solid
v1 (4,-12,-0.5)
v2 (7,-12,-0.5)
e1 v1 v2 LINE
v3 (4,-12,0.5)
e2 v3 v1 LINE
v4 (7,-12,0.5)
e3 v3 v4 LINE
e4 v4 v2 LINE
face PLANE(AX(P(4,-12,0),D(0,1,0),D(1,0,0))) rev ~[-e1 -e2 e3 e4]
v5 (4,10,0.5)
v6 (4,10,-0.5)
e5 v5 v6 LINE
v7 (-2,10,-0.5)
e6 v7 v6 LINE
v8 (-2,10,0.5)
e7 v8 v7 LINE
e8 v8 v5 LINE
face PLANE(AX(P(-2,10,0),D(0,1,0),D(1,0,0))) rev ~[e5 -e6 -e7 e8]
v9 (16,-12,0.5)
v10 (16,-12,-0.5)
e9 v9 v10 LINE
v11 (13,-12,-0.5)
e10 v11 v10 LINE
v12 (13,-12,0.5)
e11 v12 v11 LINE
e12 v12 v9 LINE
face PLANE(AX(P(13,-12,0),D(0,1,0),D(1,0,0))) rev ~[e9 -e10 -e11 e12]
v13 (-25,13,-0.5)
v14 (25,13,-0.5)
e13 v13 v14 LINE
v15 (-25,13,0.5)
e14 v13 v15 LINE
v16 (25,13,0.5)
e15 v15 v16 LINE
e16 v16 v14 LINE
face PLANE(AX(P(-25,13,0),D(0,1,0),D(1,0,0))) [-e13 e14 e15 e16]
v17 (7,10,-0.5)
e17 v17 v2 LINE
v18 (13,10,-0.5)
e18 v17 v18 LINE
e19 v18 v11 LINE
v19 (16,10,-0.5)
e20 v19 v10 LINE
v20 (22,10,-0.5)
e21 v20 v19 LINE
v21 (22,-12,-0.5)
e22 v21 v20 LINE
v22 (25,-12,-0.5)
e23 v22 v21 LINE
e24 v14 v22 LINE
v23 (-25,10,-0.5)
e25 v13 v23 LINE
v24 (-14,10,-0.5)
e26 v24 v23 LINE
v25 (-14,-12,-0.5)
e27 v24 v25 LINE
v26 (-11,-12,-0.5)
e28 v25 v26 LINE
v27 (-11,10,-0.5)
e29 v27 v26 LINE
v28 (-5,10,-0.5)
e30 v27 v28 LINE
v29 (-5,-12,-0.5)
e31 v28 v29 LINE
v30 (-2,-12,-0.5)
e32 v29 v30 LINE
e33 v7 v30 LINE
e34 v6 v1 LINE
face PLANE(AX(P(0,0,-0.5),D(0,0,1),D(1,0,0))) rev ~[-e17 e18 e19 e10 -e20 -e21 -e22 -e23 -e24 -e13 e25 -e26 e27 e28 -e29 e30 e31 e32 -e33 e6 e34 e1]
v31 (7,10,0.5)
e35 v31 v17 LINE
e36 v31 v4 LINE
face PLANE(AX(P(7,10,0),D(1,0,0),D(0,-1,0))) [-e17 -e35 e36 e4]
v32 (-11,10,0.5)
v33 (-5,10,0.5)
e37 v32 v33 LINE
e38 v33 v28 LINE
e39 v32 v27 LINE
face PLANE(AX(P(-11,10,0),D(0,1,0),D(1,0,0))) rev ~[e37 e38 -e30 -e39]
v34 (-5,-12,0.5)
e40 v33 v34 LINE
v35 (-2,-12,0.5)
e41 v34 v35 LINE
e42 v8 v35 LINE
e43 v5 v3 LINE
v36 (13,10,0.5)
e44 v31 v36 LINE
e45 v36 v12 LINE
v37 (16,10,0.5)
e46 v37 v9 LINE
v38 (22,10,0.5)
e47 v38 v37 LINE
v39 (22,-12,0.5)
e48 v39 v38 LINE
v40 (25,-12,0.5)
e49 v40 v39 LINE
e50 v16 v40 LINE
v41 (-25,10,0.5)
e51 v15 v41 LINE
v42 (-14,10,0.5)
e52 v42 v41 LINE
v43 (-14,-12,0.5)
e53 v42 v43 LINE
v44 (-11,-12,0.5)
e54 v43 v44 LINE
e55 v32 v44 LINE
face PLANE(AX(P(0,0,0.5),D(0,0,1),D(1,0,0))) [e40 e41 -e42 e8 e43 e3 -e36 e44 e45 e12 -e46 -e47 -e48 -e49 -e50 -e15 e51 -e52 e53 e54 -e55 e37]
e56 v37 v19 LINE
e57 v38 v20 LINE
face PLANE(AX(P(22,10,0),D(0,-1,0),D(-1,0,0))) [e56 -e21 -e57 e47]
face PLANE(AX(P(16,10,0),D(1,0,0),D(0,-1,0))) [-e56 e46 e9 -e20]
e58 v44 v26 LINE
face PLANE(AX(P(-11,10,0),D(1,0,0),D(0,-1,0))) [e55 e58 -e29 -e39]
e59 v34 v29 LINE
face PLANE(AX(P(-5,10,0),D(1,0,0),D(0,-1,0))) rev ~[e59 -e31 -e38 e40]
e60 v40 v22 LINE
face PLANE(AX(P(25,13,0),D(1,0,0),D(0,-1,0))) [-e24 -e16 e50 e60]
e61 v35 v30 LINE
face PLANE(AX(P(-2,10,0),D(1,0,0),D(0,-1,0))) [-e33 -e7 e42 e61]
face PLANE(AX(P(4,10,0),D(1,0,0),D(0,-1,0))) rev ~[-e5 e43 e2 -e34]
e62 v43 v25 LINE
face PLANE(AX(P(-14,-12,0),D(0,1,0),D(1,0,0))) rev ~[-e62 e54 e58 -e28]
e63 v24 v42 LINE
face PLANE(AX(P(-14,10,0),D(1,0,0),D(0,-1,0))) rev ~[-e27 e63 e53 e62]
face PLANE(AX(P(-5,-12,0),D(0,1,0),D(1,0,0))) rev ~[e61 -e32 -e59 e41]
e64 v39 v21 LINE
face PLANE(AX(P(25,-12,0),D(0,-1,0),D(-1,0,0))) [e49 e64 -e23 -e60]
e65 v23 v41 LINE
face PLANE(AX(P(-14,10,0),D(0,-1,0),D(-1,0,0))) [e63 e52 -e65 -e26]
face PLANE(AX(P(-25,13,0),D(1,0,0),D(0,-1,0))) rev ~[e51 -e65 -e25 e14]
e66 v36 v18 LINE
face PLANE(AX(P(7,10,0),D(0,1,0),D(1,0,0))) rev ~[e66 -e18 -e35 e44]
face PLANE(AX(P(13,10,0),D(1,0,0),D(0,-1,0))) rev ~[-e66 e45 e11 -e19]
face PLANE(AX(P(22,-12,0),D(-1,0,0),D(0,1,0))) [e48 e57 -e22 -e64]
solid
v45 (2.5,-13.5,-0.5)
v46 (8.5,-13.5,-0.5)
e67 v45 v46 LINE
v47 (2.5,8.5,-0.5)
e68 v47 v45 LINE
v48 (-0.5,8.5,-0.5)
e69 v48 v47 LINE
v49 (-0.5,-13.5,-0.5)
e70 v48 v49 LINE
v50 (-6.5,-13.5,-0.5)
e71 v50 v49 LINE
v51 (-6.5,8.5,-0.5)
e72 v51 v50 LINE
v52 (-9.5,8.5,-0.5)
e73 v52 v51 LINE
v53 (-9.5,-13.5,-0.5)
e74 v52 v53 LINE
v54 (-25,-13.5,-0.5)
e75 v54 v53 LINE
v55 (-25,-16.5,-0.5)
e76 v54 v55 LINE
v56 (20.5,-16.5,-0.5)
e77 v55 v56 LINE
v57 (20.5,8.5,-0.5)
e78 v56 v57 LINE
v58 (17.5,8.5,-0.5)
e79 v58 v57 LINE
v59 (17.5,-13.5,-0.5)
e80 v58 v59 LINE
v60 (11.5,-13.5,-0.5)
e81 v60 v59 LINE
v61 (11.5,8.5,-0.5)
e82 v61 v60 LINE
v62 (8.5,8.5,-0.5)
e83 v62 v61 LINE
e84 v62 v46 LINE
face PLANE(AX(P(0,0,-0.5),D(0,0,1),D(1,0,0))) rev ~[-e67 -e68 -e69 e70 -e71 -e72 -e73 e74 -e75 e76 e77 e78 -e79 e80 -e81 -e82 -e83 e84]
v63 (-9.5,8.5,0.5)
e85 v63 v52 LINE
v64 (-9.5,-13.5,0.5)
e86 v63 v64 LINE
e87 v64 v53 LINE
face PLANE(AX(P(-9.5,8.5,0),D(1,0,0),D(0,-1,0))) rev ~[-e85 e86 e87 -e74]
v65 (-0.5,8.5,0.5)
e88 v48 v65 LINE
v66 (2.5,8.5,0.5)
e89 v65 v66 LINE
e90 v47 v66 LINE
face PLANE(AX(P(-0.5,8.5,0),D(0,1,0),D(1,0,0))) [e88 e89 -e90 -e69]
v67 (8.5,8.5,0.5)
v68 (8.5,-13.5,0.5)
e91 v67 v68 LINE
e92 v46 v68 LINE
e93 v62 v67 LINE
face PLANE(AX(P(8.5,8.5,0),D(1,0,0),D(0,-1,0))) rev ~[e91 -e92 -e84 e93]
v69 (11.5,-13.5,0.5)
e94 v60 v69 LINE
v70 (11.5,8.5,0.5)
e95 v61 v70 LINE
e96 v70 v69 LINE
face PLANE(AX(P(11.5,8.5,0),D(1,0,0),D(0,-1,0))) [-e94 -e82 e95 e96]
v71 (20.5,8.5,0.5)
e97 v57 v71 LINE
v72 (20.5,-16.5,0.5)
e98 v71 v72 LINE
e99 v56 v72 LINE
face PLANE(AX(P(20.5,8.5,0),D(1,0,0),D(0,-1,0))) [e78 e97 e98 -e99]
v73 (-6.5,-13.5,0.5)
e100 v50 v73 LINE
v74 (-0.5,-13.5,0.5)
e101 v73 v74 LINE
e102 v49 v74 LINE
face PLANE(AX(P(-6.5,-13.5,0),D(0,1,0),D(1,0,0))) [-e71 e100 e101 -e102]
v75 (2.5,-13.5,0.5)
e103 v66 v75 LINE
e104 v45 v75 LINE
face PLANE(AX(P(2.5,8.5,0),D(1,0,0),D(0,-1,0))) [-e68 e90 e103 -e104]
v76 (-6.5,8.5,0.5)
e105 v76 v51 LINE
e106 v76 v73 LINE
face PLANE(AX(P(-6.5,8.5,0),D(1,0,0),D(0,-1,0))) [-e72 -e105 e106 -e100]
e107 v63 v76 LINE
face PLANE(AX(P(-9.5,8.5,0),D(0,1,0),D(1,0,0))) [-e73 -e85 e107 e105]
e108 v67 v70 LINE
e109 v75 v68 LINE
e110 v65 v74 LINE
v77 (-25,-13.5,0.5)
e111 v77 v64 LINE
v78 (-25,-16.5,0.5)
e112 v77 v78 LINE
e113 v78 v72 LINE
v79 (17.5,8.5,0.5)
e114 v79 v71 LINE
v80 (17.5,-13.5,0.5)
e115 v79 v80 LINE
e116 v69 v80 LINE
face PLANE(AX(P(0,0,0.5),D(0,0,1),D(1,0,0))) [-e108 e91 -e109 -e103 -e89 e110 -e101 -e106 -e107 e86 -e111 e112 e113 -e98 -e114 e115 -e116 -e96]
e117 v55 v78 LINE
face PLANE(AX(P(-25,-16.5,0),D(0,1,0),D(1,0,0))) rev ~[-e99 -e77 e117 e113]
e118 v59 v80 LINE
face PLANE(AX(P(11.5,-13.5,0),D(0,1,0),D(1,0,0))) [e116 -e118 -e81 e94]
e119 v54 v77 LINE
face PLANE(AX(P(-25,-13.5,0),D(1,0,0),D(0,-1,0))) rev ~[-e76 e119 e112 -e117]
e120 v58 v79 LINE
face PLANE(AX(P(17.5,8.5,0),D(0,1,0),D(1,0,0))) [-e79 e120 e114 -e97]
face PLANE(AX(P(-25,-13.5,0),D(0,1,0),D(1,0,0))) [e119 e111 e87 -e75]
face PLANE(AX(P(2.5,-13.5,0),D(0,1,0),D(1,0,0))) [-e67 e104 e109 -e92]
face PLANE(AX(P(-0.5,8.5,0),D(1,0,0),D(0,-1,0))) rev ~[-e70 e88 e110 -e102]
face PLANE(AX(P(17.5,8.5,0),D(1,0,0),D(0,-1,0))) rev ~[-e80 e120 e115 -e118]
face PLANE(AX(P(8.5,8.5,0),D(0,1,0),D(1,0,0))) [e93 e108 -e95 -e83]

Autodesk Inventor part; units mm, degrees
ref_plane "YZ Plane" through (0, 0, 0) normal (1, 0, 0) x (0, 1, 0)
ref_plane "XZ Plane" through (0, 0, 0) normal (0, 1, 0) x (-1, 0, 0)
ref_plane "XY Plane" through (0, 0, 0) normal (0, 0, 1) x (1, 0, 0)
sketch "Esboço1" plane through (0, 0, 0) normal (0, 0, 1) x (1, 0, 0)
  line L0 (-25, 13) -> (-25, 10)
  line L1 (-25, 13) -> (25, 13)
  line L2 (25, 13) -> (25, -12)
  line L3 (25, -12) -> (22, -12)
  line L4 (22, -12) -> (22, 10)
  line L5 (22, 10) -> (16, 10)
  line L6 (-14, 10) -> (-25, 10)
  line L7 (-25, -13.5) -> (-9.5, -13.5)
  line L8 (-9.5, 8.5) -> (-9.5, -13.5)
  line L9 (-9.5, 8.5) -> (-6.5, 8.5)
  line L10 (-6.5, 8.5) -> (-6.5, -13.5)
  line L11 (-6.5, -13.5) -> (-0.5, -13.5)
  line L12 (-0.5, 8.5) -> (-0.5, -13.5)
  line L13 (-0.5, 8.5) -> (2.5, 8.5)
  line L14 (2.5, 8.5) -> (2.5, -13.5)
  line L15 (2.5, -13.5) -> (8.5, -13.5)
  line L16 (8.5, 8.5) -> (8.5, -13.5)
  line L17 (8.5, 8.5) -> (11.5, 8.5)
  line L18 (11.5, 8.5) -> (11.5, -13.5)
  line L19 (11.5, -13.5) -> (17.5, -13.5)
  line L20 (17.5, 8.5) -> (17.5, -13.5)
  line L21 (17.5, 8.5) -> (20.5, 8.5)
  line L22 (20.5, 8.5) -> (20.5, -13.5)
  line L23 (-25, -13.5) -> (-25, -16.5)
  line L24 (20.5, -13.5) -> (20.5, -16.5)
  line L25 (-25, -16.5) -> (20.5, -16.5)
  line L26 (16, 10) -> (16, -12)
  line L27 (13, -12) -> (16, -12)
  line L28 (13, 10) -> (13, -12)
  line L29 (7, 10) -> (13, 10)
  line L30 (7, 10) -> (7, -12)
  line L31 (4, -12) -> (7, -12)
  line L32 (4, 10) -> (4, -12)
  line L33 (-2, 10) -> (4, 10)
  line L34 (-2, 10) -> (-2, -12)
  line L35 (-5, -12) -> (-2, -12)
  line L36 (-5, 10) -> (-5, -12)
  line L37 (-11, 10) -> (-5, 10)
  line L38 (-11, 10) -> (-11, -12)
  line L39 (-14, -12) -> (-11, -12)
  line L40 (-14, 10) -> (-14, -12)
  point P0 (0, 0)
  point P1 (-25, 11.5)
  point P2 (0, 13)
  point P3 (23.5, -12)
  point P4 (-8, 8.5)
  point P5 (-3.5, -13.5)
  point P6 (-3.5, -12)
  dimension "d0" = 10
  dimension "d2" = 3
  dimension "d3" = 50
  dimension "d4" = 25
  dimension "d5" = 3
  dimension "d14" = 6
  dimension "d22" = 3
  dimension "d31" = 1.5
  dimension "d34" = 3
  dimension "d37" = 1.5
  dimension "d38" = 1.5
  dimension "d40" = 11
extrude "Extrusão1" add sketch "Esboço1" along normal mid plane 1
properties part number "sensor_001_001"
